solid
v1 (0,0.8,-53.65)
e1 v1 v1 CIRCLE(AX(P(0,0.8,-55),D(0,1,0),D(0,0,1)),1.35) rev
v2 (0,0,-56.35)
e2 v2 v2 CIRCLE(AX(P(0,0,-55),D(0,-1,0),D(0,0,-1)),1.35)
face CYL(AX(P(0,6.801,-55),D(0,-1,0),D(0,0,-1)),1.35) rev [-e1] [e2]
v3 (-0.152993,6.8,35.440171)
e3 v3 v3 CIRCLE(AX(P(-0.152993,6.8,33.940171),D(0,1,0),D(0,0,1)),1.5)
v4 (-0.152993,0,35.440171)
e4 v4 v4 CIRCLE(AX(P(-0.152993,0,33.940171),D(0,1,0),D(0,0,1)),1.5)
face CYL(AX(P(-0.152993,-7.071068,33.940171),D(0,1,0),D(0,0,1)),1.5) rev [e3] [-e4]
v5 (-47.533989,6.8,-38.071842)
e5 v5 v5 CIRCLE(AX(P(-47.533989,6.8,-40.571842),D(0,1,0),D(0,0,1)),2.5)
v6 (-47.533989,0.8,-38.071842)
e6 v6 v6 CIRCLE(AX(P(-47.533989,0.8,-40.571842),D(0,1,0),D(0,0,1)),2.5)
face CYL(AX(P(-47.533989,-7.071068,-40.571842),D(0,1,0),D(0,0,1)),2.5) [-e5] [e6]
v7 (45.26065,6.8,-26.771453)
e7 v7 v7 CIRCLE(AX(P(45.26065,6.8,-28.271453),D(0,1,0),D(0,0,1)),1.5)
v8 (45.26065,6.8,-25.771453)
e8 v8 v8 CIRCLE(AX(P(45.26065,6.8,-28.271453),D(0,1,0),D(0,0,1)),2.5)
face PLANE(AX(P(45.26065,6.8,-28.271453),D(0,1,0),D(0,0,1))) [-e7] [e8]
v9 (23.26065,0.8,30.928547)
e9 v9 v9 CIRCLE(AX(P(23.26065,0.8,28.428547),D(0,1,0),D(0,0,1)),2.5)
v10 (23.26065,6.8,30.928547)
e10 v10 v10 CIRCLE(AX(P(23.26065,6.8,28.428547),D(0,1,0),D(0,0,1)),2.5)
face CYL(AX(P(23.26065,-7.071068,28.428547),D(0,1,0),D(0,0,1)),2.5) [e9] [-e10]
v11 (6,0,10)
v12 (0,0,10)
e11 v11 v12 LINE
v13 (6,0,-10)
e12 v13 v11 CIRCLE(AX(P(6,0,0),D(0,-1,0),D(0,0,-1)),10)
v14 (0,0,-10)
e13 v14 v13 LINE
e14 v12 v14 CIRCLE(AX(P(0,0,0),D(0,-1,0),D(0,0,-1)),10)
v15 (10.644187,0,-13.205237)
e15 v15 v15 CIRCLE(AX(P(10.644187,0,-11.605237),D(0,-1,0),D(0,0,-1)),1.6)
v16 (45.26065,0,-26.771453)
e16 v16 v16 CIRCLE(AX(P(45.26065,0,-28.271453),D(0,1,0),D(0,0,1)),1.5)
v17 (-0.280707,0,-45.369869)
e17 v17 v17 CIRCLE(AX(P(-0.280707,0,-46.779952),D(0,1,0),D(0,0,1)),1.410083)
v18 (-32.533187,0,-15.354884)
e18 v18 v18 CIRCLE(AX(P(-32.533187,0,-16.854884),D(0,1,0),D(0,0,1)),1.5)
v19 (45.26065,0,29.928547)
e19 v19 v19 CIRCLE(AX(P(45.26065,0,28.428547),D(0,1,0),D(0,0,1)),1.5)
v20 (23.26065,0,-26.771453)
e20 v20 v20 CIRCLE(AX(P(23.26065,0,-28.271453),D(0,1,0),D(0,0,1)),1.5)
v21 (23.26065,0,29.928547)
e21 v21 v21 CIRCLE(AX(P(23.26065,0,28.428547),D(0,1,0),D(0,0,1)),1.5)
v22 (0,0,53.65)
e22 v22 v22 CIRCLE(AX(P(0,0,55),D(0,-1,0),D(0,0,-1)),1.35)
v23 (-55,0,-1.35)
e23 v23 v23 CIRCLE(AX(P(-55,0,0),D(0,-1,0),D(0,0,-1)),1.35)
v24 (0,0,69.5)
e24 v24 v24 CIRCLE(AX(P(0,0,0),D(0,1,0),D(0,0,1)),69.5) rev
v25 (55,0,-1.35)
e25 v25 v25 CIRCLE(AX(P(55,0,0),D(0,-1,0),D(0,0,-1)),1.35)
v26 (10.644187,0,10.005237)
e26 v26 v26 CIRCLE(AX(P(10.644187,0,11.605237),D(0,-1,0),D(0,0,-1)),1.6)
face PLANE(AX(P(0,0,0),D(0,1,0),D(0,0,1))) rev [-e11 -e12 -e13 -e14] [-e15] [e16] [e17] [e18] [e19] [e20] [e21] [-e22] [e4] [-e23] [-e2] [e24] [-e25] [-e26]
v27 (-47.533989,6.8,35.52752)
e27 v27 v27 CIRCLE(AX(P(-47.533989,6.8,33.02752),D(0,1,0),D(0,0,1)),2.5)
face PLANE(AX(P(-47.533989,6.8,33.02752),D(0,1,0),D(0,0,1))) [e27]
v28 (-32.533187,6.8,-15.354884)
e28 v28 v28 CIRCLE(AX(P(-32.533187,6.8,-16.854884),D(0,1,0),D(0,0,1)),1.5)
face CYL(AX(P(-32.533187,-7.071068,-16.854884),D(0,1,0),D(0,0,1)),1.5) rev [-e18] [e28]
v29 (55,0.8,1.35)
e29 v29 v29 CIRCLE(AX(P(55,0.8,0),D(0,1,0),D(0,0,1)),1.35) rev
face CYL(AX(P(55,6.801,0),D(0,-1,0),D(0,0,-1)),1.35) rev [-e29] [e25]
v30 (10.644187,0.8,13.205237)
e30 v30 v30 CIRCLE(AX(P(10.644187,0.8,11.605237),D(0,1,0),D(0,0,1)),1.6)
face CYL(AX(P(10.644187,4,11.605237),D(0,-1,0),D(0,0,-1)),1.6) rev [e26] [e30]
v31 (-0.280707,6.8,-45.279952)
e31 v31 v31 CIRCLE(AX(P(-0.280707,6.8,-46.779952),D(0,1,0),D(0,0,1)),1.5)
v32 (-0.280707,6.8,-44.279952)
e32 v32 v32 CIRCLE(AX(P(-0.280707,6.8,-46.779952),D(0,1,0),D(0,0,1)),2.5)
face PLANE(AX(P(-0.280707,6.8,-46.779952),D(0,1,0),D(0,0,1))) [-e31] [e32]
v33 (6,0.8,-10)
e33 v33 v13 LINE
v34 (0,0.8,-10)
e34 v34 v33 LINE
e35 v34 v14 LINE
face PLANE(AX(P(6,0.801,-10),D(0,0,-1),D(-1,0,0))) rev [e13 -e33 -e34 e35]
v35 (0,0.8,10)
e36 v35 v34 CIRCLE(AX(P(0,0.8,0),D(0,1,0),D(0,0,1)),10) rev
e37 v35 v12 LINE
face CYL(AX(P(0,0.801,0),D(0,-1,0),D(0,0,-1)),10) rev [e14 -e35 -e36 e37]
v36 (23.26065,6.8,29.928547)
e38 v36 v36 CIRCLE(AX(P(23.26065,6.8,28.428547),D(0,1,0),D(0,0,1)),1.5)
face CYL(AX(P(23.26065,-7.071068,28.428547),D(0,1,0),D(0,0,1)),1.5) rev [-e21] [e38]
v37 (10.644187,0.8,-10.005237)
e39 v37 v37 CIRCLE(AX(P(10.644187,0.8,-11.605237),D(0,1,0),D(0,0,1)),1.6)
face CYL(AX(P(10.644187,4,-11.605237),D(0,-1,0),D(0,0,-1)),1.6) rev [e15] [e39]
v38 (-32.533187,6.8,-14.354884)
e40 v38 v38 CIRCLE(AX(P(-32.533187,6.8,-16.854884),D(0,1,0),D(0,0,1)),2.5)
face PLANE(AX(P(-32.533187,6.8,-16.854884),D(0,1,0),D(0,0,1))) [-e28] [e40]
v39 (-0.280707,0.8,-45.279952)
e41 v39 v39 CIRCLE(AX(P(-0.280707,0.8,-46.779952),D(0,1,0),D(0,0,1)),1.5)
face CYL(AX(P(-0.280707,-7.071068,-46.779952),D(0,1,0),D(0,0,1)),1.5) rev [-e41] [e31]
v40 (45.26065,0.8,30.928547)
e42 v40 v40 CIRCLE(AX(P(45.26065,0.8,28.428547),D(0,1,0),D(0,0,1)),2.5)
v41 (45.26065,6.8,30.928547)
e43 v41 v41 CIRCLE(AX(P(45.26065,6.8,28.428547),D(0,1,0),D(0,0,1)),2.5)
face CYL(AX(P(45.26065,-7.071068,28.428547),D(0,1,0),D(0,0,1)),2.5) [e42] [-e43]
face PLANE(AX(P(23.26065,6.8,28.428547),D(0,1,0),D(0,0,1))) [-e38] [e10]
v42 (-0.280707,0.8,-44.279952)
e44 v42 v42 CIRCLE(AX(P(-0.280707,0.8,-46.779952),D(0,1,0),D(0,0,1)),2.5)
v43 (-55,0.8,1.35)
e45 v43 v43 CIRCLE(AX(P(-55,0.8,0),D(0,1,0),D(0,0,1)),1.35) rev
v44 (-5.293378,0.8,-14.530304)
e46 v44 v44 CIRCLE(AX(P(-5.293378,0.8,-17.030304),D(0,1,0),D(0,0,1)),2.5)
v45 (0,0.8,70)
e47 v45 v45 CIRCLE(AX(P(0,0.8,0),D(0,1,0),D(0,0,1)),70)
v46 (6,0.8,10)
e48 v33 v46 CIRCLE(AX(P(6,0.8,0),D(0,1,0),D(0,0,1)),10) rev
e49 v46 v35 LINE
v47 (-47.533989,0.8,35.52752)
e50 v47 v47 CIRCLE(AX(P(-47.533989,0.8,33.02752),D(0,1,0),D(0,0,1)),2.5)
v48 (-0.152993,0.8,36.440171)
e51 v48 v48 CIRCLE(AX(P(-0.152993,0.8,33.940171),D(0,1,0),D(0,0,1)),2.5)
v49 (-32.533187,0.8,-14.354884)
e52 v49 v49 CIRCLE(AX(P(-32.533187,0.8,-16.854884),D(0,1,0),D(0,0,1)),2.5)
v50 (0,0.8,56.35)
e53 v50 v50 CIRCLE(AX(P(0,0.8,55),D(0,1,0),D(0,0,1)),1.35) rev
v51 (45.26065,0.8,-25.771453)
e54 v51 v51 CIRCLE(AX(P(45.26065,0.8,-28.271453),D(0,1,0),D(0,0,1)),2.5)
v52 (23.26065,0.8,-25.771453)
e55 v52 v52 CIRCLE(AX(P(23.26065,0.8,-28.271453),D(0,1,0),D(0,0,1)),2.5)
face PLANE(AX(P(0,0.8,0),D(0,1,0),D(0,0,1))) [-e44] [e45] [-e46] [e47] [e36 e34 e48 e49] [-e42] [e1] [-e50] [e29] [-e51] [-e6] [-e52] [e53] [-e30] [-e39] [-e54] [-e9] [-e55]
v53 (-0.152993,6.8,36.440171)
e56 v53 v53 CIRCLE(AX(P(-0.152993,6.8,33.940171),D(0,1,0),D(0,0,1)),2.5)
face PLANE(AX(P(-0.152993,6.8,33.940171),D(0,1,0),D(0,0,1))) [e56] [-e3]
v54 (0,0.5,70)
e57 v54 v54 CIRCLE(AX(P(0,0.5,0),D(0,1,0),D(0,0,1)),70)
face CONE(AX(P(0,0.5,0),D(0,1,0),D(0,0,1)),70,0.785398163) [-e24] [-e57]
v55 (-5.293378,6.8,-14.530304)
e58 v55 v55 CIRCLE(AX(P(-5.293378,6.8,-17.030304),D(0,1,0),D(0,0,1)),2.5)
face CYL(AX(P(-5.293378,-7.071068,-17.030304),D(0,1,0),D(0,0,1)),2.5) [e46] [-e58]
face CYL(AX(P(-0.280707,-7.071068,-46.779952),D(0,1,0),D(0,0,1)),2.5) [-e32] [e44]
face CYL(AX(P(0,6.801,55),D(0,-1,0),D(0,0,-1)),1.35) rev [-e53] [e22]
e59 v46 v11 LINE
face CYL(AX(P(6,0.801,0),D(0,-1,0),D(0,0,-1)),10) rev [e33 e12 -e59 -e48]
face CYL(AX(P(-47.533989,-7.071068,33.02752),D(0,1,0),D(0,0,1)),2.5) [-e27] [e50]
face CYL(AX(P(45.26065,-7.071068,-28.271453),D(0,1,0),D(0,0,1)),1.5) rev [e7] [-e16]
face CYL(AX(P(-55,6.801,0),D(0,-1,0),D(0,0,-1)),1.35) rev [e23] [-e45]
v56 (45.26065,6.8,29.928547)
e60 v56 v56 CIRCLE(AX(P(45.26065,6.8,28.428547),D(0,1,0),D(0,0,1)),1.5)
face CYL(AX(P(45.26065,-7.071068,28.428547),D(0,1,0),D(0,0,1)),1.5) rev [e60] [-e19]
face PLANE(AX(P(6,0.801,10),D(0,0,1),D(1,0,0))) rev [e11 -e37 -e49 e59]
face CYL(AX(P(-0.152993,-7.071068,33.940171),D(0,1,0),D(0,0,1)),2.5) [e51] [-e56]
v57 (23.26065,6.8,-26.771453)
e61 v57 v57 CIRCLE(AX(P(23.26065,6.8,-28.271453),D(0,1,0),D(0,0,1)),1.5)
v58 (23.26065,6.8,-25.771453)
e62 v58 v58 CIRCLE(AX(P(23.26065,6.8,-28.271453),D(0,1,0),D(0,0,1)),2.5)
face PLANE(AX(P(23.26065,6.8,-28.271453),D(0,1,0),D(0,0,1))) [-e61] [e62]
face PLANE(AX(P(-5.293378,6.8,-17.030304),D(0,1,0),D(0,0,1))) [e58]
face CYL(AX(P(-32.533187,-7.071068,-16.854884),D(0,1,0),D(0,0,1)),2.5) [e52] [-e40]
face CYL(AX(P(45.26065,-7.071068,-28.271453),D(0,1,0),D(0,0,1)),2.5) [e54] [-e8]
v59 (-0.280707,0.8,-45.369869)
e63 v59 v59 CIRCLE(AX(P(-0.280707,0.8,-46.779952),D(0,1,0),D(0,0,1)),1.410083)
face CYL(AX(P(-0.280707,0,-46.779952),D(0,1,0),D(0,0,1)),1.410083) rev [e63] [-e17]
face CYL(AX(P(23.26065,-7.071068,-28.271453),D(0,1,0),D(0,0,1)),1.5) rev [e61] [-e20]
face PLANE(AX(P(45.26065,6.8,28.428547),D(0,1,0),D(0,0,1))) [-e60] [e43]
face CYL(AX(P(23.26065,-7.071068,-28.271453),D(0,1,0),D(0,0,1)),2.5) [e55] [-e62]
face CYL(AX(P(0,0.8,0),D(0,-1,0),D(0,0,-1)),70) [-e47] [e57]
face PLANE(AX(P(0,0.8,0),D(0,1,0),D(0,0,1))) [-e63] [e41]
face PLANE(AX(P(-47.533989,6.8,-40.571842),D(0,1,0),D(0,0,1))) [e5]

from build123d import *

# Parameters (mm, degrees)
SKIZZE1_R                            = 70
AUFSATZ_LINEAR_AUSTRAGEN1_DEPTH      = 0.8
SCHNITT_LINEAR_AUSTRAGEN1_REACH      = 2.8
SKIZZE2_R                            = 2.5
SKIZZE2_R_2                          = 1.5
AUFSATZ_LINEAR_AUSTRAGEN2_DEPTH      = 6
AUFSATZ_LINEAR_AUSTRAGEN2_DEPTH_BACK = 0.8
SKIZZE4_R                            = 1.5
SKIZZE4_R_2                          = 1.410083192
SCHNITT_LINEAR_AUSTRAGEN2_DEPTH      = 1.8
FASE1_SIZE                           = 0.5
SCHNITT_LINEAR_AUSTRAGEN3_REACH      = 8.8
SKIZZE5_R                            = 1.35
SKIZZE6_R                            = 1.6
SCHNITT_LINEAR_AUSTRAGEN4_DEPTH      = 4


with BuildPart() as part:
    # Skizze1 → Aufsatz-Linear austragen1 (new body)
    with BuildSketch(Plane(origin=(0, 0, 0), x_dir=(1, 0, 0), z_dir=(0, 1, 0))):
        Circle(SKIZZE1_R)
    extrude(amount=AUFSATZ_LINEAR_AUSTRAGEN1_DEPTH)

    # Skizze3 → Schnitt-Linear austragen1 (cut, up to next)
    with BuildSketch(Plane.XZ, mode=Mode.PRIVATE) as schnitt_linear_austragen1_sk1:
        with BuildLine():
            Line((6, -10), (0, -10))
            ThreePointArc((0, -10), (-10, 0), (0, 10))
            Line((0, 10), (6, 10))
            ThreePointArc((6, 10), (16, 0), (6, -10))
        make_face()
    schnitt_linear_austragen1_tool1 = extrude(schnitt_linear_austragen1_sk1.sketch, amount=-SCHNITT_LINEAR_AUSTRAGEN1_REACH, mode=Mode.PRIVATE) & part.part
    add(schnitt_linear_austragen1_tool1.solids().sort_by_distance((3, 0, 0))[0], mode=Mode.SUBTRACT)

    # Skizze2 → Aufsatz-Linear austragen2 (add, two sides)
    with BuildSketch(Plane(origin=(0, 0.8, 0), x_dir=(1, 0, 0), z_dir=(0, 1, 0))) as aufsatz_linear_austragen2_sk:
        with Locations((-47.533988615, 40.571841958)):
            Circle(SKIZZE2_R)
        with Locations((-5.293377745, 17.030303573)):
            Circle(SKIZZE2_R)
        with Locations((-47.533988615, -33.027520141)):
            Circle(SKIZZE2_R)
        with Locations((-32.533187453, 16.85488412)):
            Circle(SKIZZE2_R)
        with Locations((-32.533187453, 16.85488412)):
            Circle(SKIZZE2_R_2, mode=Mode.SUBTRACT)
        with Locations((-0.280707317, 46.779952313)):
            Circle(SKIZZE2_R)
        with Locations((-0.280707317, 46.779952313)):
            Circle(SKIZZE2_R_2, mode=Mode.SUBTRACT)
        with Locations((23.260650032, 28.271453094)):
            Circle(SKIZZE2_R)
        with Locations((23.260650032, 28.271453094)):
            Circle(SKIZZE2_R_2, mode=Mode.SUBTRACT)
        with Locations((45.260650032, 28.271453094)):
            Circle(SKIZZE2_R)
        with Locations((45.260650032, 28.271453094)):
            Circle(SKIZZE2_R_2, mode=Mode.SUBTRACT)
        with Locations((45.260650032, -28.428546906)):
            Circle(SKIZZE2_R)
        with Locations((45.260650032, -28.428546906)):
            Circle(SKIZZE2_R_2, mode=Mode.SUBTRACT)
        with Locations((23.260650032, -28.428546906)):
            Circle(SKIZZE2_R)
        with Locations((23.260650032, -28.428546906)):
            Circle(SKIZZE2_R_2, mode=Mode.SUBTRACT)
        with Locations((-0.152992521, -33.940171336)):
            Circle(SKIZZE2_R)
        with Locations((-0.152992521, -33.940171336)):
            Circle(SKIZZE2_R_2, mode=Mode.SUBTRACT)
    extrude(amount=AUFSATZ_LINEAR_AUSTRAGEN2_DEPTH)
    extrude(aufsatz_linear_austragen2_sk.sketch, amount=-AUFSATZ_LINEAR_AUSTRAGEN2_DEPTH_BACK)

    # Skizze4 → Schnitt-Linear austragen2 (cut, through all)
    with BuildSketch(Plane(origin=(0, 0.8, 0), x_dir=(1, 0, 0), z_dir=(0, 1, 0))):
        with Locations((-32.533187453, 16.85488412)):
            Circle(SKIZZE4_R)
        with Locations((23.260650032, 28.271453094)):
            Circle(SKIZZE4_R)
        with Locations((45.260650032, 28.271453094)):
            Circle(SKIZZE4_R)
        with Locations((45.260650032, -28.428546906)):
            Circle(SKIZZE4_R)
        with Locations((23.260650032, -28.428546906)):
            Circle(SKIZZE4_R)
        with Locations((-0.152992521, -33.940171336)):
            Circle(SKIZZE4_R)
        with Locations((-0.280707317, 46.779952313)):
            Circle(SKIZZE4_R_2)
    extrude(amount=-SCHNITT_LINEAR_AUSTRAGEN2_DEPTH, mode=Mode.SUBTRACT)

    # Fase1
    fase1_edges = [part.edges().sort_by_distance(p)[0] for p in [
        (-70, 0, 0),
    ]]
    chamfer(fase1_edges, length=FASE1_SIZE)

    # Skizze5 → Schnitt-Linear austragen3 (cut, up to next)
    with BuildSketch(Plane.XZ, mode=Mode.PRIVATE) as schnitt_linear_austragen3_sk1:
        with Locations((-55, 0)):
            Circle(SKIZZE5_R)
    schnitt_linear_austragen3_tool1 = extrude(schnitt_linear_austragen3_sk1.sketch, amount=-SCHNITT_LINEAR_AUSTRAGEN3_REACH, mode=Mode.PRIVATE) & part.part
    add(schnitt_linear_austragen3_tool1.solids().sort_by_distance((-55, 0, 0))[0], mode=Mode.SUBTRACT)
    # Skizze5 → Schnitt-Linear austragen3 (cut, up to next)
    with BuildSketch(Plane.XZ, mode=Mode.PRIVATE) as schnitt_linear_austragen3_sk2:
        with Locations((55, 0)):
            Circle(SKIZZE5_R)
    schnitt_linear_austragen3_tool2 = extrude(schnitt_linear_austragen3_sk2.sketch, amount=-SCHNITT_LINEAR_AUSTRAGEN3_REACH, mode=Mode.PRIVATE) & part.part
    add(schnitt_linear_austragen3_tool2.solids().sort_by_distance((55, 0, 0))[0], mode=Mode.SUBTRACT)
    # Skizze5 → Schnitt-Linear austragen3 (cut, up to next)
    with BuildSketch(Plane.XZ, mode=Mode.PRIVATE) as schnitt_linear_austragen3_sk3:
        with Locations((0, -55)):
            Circle(SKIZZE5_R)
    schnitt_linear_austragen3_tool3 = extrude(schnitt_linear_austragen3_sk3.sketch, amount=-SCHNITT_LINEAR_AUSTRAGEN3_REACH, mode=Mode.PRIVATE) & part.part
    add(schnitt_linear_austragen3_tool3.solids().sort_by_distance((0, 0, -55))[0], mode=Mode.SUBTRACT)
    # Skizze5 → Schnitt-Linear austragen3 (cut, up to next)
    with BuildSketch(Plane.XZ, mode=Mode.PRIVATE) as schnitt_linear_austragen3_sk4:
        with Locations((0, 55)):
            Circle(SKIZZE5_R)
    schnitt_linear_austragen3_tool4 = extrude(schnitt_linear_austragen3_sk4.sketch, amount=-SCHNITT_LINEAR_AUSTRAGEN3_REACH, mode=Mode.PRIVATE) & part.part
    add(schnitt_linear_austragen3_tool4.solids().sort_by_distance((0, 0, 55))[0], mode=Mode.SUBTRACT)

    # Skizze6 → Schnitt-Linear austragen4 (cut)
    with BuildSketch(Plane(origin=(0, 0, 0), x_dir=(-1, 0, 0), z_dir=(0, -1, 0))):
        with Locations((-10.644187298, 11.605236936)):
            Circle(SKIZZE6_R)
        with Locations((-10.644187298, -11.605236936)):
            Circle(SKIZZE6_R)
    extrude(amount=-SCHNITT_LINEAR_AUSTRAGEN4_DEPTH, mode=Mode.SUBTRACT)


solid = part.part
